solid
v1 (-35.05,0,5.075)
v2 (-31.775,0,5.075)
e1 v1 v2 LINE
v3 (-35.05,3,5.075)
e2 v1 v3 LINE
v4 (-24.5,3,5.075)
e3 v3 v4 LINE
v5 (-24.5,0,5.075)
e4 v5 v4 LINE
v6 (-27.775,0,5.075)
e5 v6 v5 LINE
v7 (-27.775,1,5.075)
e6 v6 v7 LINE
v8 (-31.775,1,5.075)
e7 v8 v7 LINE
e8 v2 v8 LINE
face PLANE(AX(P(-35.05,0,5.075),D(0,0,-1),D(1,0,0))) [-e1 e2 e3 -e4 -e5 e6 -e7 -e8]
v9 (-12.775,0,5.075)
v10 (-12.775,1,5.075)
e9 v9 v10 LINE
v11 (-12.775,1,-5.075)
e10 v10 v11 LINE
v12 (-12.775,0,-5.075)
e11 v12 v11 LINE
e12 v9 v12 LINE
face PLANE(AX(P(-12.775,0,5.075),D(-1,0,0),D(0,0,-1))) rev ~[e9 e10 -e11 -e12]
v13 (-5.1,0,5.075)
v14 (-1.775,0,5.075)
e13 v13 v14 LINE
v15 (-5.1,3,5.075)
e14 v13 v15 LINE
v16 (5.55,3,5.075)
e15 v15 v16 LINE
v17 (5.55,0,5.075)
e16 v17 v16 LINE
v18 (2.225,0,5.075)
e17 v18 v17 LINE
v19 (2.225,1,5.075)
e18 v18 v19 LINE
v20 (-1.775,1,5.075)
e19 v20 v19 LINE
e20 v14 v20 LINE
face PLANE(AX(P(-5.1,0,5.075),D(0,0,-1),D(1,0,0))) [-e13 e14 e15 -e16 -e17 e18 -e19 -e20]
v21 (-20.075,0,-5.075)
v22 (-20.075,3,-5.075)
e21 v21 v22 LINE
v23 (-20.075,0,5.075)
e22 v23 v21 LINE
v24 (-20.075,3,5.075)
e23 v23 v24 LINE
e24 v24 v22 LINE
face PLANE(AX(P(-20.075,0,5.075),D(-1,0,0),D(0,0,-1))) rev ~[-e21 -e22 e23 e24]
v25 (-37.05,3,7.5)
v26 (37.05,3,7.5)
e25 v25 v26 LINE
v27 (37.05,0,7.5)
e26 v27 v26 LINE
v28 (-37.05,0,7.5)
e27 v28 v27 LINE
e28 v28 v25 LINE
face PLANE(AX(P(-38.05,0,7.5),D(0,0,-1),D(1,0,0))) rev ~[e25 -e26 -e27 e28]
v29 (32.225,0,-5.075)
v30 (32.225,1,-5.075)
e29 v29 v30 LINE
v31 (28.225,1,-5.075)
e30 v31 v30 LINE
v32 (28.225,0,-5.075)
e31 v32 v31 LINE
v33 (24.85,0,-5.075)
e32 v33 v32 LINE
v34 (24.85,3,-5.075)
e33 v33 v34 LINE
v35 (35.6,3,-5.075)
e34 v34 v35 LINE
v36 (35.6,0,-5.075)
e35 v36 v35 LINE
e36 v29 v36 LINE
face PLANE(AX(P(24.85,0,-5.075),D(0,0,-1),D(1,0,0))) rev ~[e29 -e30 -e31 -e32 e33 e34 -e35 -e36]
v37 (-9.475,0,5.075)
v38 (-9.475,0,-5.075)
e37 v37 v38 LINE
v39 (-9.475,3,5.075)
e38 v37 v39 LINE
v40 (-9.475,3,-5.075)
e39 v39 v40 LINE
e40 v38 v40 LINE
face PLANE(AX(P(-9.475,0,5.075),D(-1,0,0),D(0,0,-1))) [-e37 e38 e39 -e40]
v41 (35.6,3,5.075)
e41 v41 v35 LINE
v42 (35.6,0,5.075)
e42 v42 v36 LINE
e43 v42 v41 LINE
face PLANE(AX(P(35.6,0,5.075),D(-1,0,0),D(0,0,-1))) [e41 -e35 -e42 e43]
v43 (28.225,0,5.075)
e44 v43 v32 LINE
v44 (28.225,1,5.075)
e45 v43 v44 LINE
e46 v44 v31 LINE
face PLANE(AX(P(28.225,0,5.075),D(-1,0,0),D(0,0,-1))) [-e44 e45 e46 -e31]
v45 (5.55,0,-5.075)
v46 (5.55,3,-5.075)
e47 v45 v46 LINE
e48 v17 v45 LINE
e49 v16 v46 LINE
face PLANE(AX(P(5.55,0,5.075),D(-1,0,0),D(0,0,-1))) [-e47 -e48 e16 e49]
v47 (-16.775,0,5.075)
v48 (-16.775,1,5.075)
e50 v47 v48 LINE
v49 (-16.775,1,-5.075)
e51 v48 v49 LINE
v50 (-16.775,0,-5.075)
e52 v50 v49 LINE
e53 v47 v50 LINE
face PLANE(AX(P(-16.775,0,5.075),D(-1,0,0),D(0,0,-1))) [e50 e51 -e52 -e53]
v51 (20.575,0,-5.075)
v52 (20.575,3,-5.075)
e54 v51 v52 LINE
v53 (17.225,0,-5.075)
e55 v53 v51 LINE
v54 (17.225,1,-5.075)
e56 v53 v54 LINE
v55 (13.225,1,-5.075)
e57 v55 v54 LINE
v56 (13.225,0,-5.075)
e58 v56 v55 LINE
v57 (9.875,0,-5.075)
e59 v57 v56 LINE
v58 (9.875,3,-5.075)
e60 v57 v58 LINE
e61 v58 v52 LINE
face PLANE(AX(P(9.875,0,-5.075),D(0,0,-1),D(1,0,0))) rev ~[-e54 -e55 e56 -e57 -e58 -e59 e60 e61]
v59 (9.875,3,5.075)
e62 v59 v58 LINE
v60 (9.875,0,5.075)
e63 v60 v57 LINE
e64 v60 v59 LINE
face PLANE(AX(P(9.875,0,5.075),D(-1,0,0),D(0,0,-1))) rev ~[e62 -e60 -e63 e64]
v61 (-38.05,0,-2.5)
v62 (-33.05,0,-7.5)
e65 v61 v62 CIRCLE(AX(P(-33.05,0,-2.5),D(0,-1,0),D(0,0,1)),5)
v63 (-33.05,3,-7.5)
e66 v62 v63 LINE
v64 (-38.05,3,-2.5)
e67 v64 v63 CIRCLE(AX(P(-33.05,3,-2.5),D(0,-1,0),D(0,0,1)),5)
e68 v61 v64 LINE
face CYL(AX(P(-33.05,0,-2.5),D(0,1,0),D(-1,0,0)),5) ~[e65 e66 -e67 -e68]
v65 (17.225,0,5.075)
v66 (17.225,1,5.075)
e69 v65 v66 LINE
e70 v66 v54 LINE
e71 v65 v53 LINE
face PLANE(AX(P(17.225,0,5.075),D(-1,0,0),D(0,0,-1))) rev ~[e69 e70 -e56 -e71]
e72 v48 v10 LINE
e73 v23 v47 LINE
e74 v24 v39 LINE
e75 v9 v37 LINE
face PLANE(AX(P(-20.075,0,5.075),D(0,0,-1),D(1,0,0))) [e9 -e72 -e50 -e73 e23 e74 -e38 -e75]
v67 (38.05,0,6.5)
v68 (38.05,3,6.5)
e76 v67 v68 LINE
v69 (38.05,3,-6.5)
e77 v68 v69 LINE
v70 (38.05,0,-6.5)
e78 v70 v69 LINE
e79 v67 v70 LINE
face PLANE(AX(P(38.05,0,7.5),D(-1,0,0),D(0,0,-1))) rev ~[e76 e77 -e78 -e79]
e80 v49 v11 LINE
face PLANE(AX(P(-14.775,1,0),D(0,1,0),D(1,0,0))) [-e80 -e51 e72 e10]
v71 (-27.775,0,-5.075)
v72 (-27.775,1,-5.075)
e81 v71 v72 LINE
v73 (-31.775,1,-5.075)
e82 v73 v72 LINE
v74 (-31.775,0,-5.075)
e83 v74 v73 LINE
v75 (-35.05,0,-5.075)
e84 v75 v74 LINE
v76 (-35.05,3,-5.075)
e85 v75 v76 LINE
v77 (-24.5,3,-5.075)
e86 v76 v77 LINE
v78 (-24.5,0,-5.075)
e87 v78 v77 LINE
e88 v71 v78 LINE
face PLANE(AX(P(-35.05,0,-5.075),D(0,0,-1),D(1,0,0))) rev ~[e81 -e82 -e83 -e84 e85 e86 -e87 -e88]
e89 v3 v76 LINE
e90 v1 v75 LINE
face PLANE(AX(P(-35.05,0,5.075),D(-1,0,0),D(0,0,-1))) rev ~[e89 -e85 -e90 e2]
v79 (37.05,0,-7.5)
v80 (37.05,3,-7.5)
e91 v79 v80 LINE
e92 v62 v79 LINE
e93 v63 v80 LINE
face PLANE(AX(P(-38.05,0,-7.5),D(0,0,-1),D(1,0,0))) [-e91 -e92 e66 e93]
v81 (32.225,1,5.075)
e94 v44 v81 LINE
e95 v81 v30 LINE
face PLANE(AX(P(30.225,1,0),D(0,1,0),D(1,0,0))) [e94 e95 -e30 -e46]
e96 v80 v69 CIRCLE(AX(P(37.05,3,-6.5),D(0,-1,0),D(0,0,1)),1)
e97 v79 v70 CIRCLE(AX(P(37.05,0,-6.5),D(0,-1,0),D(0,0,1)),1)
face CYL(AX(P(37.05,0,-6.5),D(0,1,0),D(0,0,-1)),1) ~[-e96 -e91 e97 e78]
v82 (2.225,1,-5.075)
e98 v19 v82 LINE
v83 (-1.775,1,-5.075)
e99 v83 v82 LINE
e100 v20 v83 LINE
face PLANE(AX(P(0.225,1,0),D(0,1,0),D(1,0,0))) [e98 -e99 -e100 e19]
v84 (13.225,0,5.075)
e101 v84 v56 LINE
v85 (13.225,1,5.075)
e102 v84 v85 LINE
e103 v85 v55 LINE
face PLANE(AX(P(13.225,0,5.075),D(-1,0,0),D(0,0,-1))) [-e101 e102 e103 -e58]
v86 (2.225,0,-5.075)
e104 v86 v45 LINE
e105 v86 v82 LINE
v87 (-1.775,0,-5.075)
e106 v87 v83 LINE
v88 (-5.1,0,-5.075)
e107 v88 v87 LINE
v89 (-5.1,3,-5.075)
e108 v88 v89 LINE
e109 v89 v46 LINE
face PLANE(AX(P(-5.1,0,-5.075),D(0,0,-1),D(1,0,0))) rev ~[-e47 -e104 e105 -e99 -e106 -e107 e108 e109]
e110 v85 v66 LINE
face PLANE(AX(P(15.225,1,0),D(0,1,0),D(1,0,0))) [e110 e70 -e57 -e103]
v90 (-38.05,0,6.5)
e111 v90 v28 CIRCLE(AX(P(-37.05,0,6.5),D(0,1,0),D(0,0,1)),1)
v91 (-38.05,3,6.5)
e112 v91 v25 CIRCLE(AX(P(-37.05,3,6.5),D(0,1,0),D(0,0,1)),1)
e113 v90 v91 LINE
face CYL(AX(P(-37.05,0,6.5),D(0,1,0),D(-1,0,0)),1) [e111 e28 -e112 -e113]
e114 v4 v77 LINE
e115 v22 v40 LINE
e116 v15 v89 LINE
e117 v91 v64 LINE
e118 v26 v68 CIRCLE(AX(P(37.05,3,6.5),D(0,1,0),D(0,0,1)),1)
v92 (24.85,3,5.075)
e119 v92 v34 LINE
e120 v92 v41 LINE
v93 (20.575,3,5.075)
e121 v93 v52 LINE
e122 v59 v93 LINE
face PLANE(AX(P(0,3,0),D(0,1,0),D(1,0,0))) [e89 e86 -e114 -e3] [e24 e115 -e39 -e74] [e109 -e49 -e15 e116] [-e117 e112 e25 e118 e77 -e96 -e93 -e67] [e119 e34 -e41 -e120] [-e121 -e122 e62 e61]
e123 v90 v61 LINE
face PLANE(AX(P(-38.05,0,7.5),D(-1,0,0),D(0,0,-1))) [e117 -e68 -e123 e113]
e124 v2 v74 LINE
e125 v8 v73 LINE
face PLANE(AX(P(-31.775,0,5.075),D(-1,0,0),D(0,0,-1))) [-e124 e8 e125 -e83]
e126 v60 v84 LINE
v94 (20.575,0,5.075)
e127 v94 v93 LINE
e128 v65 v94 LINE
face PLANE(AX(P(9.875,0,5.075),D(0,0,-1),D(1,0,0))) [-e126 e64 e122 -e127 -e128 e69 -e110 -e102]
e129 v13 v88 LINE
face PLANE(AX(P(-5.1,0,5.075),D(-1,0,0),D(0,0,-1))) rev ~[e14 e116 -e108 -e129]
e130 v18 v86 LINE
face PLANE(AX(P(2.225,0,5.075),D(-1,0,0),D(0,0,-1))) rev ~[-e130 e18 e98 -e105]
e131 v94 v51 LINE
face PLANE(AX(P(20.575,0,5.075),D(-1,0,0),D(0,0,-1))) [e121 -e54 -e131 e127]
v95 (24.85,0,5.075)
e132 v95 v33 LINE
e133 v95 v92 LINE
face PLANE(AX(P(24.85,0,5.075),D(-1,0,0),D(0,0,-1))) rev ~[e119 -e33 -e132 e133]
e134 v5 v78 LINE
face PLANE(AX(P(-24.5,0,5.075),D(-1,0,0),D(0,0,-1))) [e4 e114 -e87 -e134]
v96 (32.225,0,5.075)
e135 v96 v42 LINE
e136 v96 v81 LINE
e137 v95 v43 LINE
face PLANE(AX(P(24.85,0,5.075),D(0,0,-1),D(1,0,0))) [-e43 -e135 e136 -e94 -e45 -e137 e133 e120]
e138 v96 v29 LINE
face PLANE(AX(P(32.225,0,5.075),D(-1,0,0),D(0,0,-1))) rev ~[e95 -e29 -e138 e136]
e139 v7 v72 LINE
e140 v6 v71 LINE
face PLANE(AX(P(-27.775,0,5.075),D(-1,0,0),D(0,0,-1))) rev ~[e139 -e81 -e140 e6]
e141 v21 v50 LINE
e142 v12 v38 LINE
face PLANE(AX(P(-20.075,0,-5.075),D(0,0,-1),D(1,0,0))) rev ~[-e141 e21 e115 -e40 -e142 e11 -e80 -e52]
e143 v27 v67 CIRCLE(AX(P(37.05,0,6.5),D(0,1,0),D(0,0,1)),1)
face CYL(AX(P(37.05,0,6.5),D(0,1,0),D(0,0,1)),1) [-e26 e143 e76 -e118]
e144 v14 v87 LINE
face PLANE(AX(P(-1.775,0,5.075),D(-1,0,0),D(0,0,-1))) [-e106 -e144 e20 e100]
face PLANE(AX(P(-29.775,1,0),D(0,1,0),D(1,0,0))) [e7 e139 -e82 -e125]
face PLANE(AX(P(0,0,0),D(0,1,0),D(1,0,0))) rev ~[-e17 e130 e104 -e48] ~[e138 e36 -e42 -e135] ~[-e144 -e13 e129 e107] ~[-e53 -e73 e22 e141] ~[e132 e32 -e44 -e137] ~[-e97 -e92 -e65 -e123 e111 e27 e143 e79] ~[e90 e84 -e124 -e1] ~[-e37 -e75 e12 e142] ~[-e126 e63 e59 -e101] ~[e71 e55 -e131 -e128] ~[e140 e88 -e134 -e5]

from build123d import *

# Parameters (mm, degrees)
SKETCH1_W           = 76.1
SKETCH1_H           = 15
BOSS_EXTRUDE1_DEPTH = 3
SKETCH1_3_W         = 4
SKETCH1_3_H         = 10.15
BOSS_EXTRUDE2_DEPTH = 1
FILLET1_R           = 5
FILLET2_R           = 1


with BuildPart() as part:
    # Sketch1 → Boss-Extrude1 (new body)
    with BuildSketch(Plane(origin=(0, 0, 0), x_dir=(1, 0, 0), z_dir=(0, 1, 0))):
        Rectangle(SKETCH1_W, SKETCH1_H)
        Polygon((-35.05, 5.075), (-31.775, 5.075), (-27.775, 5.075), (-24.5, 5.075), (-24.5, -5.075), (-27.775, -5.075), (-31.775, -5.075), (-35.05, -5.075), align=None, mode=Mode.SUBTRACT)
        Polygon((-20.075, 5.075), (-16.775, 5.075), (-12.775, 5.075), (-9.475, 5.075), (-9.475, -5.075), (-12.775, -5.075), (-16.775, -5.075), (-20.075, -5.075), align=None, mode=Mode.SUBTRACT)
        Polygon((-5.1, 5.075), (-1.775, 5.075), (2.225, 5.075), (5.55, 5.075), (5.55, -5.075), (2.225, -5.075), (-1.775, -5.075), (-5.1, -5.075), align=None, mode=Mode.SUBTRACT)
        Polygon((9.875, 5.075), (13.225, 5.075), (17.225, 5.075), (20.575, 5.075), (20.575, -5.075), (17.225, -5.075), (13.225, -5.075), (9.875, -5.075), align=None, mode=Mode.SUBTRACT)
        Polygon((24.85, 5.075), (28.225, 5.075), (32.225, 5.075), (35.6, 5.075), (35.6, -5.075), (32.225, -5.075), (28.225, -5.075), (24.85, -5.075), align=None, mode=Mode.SUBTRACT)
    extrude(amount=BOSS_EXTRUDE1_DEPTH)

    # Sketch1<3> → Boss-Extrude2 (add)
    with BuildSketch(Plane(origin=(0, 0, 0), x_dir=(1, 0, 0), z_dir=(0, 1, 0))):
        with Locations((-29.775, 0)):
            Rectangle(SKETCH1_3_W, SKETCH1_3_H)
        with Locations((-14.775, 0)):
            Rectangle(SKETCH1_3_W, SKETCH1_3_H)
        with Locations((0.225, 0)):
            Rectangle(SKETCH1_3_W, SKETCH1_3_H)
        with Locations((15.225, 0)):
            Rectangle(SKETCH1_3_W, SKETCH1_3_H)
        with Locations((30.225, 0)):
            Rectangle(SKETCH1_3_W, SKETCH1_3_H)
    extrude(amount=BOSS_EXTRUDE2_DEPTH)

    # Fillet1
    fillet1_edges = [part.edges().sort_by_distance(p)[0] for p in [
        (-38.05, 1.5, -7.5),
    ]]
    fillet(fillet1_edges, radius=FILLET1_R)

    # Fillet2
    fillet2_edges = [part.edges().sort_by_distance(p)[0] for p in [
        (38.05, 1.5, -7.5),
        (38.05, 1.5, 7.5),
        (-38.05, 1.5, 7.5),
    ]]
    fillet(fillet2_edges, radius=FILLET2_R)


solid = part.part
